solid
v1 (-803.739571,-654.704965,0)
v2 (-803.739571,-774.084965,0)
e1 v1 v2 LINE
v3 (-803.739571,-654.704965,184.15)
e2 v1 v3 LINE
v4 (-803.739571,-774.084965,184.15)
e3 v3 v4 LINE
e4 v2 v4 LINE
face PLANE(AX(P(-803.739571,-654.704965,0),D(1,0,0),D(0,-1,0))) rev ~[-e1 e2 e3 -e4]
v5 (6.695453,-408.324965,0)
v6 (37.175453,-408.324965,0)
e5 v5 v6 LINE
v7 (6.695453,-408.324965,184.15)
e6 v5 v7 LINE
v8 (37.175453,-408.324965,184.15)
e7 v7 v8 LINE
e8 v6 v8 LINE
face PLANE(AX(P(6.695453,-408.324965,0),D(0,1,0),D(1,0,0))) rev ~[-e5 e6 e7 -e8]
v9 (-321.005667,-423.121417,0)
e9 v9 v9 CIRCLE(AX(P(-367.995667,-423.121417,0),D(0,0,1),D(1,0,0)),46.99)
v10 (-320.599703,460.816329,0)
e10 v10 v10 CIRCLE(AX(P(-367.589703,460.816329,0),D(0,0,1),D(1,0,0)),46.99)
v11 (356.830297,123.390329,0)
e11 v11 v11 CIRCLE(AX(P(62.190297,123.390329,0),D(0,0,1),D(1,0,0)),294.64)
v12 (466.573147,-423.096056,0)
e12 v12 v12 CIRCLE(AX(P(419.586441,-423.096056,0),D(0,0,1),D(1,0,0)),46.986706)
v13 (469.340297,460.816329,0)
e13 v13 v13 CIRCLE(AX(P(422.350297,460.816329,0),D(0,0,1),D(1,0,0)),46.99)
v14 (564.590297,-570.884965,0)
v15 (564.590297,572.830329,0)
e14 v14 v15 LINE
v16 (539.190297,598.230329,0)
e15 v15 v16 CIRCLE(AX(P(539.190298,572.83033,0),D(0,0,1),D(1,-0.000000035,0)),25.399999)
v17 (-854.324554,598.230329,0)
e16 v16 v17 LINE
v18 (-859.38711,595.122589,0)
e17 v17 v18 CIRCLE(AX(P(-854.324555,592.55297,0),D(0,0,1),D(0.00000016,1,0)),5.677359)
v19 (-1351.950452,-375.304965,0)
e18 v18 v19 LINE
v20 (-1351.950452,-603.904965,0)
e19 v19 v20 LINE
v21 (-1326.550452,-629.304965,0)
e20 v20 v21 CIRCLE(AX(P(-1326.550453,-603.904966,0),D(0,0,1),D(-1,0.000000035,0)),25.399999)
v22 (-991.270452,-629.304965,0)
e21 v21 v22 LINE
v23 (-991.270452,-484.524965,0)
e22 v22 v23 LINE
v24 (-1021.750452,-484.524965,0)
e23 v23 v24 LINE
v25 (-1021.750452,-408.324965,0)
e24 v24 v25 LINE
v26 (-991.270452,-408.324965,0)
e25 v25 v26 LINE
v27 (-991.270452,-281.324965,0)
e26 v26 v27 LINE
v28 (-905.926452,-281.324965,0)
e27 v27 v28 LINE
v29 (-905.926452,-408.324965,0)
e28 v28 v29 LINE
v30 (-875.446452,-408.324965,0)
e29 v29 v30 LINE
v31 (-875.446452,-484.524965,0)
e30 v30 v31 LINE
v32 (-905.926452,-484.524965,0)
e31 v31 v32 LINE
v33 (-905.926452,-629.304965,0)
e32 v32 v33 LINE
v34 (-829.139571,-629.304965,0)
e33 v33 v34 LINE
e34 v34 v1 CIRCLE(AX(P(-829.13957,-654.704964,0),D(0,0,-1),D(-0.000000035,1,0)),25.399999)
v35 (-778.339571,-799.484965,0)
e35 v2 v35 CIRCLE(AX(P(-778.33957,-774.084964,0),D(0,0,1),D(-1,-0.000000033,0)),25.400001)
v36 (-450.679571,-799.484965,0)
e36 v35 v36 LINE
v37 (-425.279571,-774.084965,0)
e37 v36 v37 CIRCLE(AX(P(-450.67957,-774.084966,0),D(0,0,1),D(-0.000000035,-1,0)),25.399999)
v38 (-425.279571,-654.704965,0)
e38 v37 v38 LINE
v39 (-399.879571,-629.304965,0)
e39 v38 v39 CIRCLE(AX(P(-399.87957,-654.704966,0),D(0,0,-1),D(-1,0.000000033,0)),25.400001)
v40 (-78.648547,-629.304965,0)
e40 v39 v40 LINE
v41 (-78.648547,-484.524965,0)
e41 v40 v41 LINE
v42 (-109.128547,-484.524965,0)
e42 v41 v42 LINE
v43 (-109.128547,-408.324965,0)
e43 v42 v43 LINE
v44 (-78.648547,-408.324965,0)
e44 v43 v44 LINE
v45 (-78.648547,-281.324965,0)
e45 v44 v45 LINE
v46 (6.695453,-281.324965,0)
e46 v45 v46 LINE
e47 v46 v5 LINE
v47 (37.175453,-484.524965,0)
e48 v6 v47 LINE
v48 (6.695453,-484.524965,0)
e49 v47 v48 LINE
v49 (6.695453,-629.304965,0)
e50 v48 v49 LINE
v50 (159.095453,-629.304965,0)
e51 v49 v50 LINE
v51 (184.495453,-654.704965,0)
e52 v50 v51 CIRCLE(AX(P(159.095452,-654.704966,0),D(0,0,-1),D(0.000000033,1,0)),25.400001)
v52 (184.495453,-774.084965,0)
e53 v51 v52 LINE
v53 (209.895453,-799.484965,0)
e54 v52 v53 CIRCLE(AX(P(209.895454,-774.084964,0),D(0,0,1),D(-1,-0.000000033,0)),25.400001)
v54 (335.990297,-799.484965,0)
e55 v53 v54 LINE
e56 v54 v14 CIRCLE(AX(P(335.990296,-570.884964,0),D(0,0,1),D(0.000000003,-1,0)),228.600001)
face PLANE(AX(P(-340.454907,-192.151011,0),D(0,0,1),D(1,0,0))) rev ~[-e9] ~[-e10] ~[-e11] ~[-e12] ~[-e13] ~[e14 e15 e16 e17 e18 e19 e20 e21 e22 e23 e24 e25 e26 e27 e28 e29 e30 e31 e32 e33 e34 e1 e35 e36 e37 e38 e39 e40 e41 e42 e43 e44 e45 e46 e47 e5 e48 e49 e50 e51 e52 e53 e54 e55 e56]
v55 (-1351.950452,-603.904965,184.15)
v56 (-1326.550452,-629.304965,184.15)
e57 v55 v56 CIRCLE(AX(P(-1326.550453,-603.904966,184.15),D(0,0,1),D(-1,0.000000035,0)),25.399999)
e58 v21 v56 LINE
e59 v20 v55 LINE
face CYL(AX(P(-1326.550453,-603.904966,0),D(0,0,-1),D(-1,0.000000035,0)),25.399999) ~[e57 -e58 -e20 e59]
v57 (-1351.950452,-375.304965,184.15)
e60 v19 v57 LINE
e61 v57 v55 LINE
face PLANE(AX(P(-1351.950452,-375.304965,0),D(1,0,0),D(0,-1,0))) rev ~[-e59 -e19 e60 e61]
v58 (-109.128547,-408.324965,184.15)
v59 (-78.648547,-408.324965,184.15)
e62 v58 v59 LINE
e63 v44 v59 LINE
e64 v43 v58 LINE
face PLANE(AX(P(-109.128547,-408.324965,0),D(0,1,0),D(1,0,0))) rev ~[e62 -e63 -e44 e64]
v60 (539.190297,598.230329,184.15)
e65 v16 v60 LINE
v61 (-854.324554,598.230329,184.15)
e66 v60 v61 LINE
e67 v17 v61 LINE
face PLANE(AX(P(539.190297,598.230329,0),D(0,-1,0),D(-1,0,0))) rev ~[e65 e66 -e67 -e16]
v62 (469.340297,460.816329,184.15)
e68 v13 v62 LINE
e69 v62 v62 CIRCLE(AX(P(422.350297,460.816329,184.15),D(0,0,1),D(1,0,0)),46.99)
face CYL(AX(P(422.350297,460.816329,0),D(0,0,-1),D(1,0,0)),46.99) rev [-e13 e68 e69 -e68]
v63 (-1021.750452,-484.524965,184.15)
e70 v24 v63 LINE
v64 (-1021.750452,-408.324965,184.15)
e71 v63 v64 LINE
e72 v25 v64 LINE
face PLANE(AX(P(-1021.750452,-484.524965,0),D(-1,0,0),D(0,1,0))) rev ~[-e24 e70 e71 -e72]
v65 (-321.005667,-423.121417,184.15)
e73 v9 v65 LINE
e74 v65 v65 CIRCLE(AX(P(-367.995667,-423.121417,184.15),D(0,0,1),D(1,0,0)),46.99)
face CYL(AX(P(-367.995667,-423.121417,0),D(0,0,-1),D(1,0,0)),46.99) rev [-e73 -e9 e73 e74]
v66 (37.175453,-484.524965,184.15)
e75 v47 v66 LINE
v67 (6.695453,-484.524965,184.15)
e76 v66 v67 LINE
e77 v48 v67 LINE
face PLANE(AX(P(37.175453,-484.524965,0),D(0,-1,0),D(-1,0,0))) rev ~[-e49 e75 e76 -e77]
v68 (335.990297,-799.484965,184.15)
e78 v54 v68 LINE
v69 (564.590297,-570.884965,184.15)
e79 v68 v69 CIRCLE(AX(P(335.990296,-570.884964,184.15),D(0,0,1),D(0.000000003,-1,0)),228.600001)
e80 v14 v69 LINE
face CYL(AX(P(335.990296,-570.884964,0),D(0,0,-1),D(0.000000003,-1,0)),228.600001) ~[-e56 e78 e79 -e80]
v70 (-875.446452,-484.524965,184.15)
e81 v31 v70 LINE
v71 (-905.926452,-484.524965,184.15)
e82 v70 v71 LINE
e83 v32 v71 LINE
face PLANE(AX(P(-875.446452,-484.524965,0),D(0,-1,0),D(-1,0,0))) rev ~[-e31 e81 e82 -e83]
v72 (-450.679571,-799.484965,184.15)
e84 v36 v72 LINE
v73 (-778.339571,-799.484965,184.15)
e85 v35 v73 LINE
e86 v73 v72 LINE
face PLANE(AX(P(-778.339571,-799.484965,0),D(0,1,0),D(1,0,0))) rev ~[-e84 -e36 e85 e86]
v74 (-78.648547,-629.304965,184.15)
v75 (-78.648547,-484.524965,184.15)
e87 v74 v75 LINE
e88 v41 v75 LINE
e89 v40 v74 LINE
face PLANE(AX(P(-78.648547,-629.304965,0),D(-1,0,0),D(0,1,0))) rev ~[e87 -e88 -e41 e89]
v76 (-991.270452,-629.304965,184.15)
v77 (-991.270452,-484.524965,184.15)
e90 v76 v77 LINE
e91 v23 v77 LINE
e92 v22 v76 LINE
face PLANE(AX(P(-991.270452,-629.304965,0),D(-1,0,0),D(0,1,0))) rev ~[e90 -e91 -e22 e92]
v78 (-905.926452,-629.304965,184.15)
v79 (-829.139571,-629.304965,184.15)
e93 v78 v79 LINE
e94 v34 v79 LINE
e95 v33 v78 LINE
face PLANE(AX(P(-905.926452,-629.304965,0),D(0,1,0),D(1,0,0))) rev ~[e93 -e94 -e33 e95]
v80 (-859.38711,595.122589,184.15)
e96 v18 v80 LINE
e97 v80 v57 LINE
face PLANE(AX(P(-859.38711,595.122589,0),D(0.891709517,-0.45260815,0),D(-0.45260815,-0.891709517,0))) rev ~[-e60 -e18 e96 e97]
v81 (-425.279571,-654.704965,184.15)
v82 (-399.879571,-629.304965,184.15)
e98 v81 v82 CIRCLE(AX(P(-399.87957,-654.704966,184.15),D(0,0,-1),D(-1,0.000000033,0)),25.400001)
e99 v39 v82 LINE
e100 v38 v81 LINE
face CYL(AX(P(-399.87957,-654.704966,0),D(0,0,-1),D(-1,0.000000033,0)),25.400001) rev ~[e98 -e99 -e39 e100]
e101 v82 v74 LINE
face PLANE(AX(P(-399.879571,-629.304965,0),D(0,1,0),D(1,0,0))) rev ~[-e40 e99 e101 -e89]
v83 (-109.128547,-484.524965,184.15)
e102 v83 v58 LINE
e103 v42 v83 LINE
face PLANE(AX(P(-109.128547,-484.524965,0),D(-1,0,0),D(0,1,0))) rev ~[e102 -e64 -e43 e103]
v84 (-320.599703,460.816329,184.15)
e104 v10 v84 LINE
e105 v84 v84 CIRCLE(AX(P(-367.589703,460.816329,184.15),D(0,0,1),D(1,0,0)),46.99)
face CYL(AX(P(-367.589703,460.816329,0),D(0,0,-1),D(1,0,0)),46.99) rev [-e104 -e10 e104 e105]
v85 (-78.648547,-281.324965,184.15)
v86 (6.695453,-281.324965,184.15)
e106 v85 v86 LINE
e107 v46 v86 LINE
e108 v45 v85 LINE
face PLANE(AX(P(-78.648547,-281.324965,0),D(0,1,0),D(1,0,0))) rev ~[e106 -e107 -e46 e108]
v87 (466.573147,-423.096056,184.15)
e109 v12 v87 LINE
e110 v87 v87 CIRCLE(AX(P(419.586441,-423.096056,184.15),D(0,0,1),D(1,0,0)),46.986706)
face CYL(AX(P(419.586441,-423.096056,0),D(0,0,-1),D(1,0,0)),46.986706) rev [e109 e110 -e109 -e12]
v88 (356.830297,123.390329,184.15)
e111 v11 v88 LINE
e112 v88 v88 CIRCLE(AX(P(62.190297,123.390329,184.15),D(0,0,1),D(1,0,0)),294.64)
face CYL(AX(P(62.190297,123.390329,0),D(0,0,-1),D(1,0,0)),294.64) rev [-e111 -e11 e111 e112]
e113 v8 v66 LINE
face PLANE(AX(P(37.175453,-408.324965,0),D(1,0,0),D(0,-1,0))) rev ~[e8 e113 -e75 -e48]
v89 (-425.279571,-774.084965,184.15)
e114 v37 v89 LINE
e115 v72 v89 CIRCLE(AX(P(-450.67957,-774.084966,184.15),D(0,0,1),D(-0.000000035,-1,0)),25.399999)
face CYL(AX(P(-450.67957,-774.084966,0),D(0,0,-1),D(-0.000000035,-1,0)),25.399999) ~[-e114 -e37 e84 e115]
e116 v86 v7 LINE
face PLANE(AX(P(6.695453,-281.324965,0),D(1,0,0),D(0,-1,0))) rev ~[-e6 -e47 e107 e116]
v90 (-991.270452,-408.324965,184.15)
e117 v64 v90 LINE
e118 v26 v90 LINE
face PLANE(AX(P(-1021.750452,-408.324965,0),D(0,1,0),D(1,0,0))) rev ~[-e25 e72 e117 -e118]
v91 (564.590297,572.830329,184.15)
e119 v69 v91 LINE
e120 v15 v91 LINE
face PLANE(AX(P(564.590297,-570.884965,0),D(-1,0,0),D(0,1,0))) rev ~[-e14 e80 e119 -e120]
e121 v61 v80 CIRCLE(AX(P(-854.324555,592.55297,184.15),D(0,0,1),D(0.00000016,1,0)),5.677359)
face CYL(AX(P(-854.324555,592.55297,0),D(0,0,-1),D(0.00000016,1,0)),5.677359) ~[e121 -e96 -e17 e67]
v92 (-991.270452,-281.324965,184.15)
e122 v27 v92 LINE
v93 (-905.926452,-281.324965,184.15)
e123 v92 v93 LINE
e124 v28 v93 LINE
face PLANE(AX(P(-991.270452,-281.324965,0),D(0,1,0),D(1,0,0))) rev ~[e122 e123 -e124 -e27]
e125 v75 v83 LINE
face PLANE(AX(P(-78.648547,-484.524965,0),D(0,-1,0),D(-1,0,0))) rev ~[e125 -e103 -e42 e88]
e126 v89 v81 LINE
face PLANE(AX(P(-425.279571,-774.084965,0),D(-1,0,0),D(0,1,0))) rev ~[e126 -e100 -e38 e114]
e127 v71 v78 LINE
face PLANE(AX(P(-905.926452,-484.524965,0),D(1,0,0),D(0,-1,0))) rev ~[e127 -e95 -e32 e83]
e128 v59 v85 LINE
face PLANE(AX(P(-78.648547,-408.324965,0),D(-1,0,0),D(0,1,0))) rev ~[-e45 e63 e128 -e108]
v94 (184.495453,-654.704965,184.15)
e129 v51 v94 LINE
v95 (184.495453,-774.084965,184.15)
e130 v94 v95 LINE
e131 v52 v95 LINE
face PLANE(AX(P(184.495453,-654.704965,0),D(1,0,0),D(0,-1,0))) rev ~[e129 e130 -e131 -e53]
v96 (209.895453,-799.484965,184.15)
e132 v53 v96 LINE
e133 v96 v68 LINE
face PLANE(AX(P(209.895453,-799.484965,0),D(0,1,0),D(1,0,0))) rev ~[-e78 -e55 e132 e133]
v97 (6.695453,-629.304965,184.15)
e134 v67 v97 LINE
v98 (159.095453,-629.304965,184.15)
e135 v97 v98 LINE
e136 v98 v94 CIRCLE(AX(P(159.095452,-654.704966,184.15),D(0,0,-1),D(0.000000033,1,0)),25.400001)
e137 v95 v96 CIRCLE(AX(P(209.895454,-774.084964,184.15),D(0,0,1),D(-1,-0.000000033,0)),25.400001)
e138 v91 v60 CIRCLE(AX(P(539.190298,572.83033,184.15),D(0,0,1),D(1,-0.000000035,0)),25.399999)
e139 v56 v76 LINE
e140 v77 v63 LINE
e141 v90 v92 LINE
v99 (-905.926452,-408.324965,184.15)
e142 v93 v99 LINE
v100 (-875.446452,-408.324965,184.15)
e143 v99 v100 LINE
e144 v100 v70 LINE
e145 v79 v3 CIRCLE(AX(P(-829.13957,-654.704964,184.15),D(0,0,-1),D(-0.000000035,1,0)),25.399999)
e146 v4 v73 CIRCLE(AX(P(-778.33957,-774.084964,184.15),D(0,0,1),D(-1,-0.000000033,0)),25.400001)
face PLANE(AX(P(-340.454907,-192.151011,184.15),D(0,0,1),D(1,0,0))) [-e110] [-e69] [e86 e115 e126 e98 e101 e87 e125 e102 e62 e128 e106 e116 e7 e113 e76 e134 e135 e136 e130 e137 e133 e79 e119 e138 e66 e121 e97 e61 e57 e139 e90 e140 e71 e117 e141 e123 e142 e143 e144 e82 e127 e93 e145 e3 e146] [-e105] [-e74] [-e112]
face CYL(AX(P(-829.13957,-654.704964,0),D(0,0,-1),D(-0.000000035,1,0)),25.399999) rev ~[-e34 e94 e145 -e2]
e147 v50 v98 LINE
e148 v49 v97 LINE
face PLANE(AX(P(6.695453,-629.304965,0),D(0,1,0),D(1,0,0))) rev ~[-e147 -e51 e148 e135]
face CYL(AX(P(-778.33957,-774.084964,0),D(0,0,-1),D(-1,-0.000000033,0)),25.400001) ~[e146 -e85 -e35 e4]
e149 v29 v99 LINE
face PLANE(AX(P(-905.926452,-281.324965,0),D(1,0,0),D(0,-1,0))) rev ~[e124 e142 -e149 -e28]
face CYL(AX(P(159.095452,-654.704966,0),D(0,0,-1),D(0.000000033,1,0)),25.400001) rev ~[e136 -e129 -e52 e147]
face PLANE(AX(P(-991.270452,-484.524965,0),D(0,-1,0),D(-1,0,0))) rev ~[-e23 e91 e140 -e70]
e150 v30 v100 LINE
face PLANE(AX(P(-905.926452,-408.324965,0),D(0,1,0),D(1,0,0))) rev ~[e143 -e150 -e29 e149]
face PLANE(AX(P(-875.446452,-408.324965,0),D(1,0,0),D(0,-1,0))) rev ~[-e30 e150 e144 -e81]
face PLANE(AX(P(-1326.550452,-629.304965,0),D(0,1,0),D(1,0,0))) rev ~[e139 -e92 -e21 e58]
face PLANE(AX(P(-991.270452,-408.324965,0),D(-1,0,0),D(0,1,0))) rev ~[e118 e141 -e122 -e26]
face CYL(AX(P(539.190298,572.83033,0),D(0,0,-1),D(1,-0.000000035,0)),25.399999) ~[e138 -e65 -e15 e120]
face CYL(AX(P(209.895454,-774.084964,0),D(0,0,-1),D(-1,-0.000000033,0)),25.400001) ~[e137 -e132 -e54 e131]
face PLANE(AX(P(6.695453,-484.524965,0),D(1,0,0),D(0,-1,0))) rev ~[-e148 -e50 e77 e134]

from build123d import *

# Parameters (mm, degrees)
F0_R     = 46.99
F0_R_2   = 46.986706
F0_R_3   = 294.64
F1_DEPTH = 184.15


with BuildPart() as f1:
    # F0 (on Top) → F1 (new body)
    with BuildSketch(Plane.XY):
        with BuildLine():
            ThreePointArc((564.590297, 572.830329), (557.150809, 590.790842), (539.190297, 598.230329))
            Line((539.190297, 598.230329), (-854.324554, 598.230329))
            ThreePointArc((-854.324554, 598.230329), (-857.294719, 597.391413), (-859.38711, 595.122589))
            Line((-859.38711, 595.122589), (-1351.950452, -375.304965))
            Line((-1351.950452, -375.304965), (-1351.950452, -603.904965))
            ThreePointArc((-1351.950452, -603.904965), (-1344.510965, -621.865477), (-1326.550452, -629.304965))
            Line((-1326.550452, -629.304965), (-991.270452, -629.304965))
            Line((-991.270452, -629.304965), (-991.270452, -484.524965))
            Line((-991.270452, -484.524965), (-1021.750452, -484.524965))
            Line((-1021.750452, -484.524965), (-1021.750452, -408.324965))
            Line((-1021.750452, -408.324965), (-991.270452, -408.324965))
            Line((-991.270452, -408.324965), (-991.270452, -281.324965))
            Line((-991.270452, -281.324965), (-905.926452, -281.324965))
            Line((-905.926452, -281.324965), (-905.926452, -408.324965))
            Line((-905.926452, -408.324965), (-875.446452, -408.324965))
            Line((-875.446452, -408.324965), (-875.446452, -484.524965))
            Line((-875.446452, -484.524965), (-905.926452, -484.524965))
            Line((-905.926452, -484.524965), (-905.926452, -629.304965))
            Line((-905.926452, -629.304965), (-829.139571, -629.304965))
            ThreePointArc((-829.139571, -629.304965), (-811.179058, -636.744453), (-803.739571, -654.704965))
            Line((-803.739571, -654.704965), (-803.739571, -774.084965))
            ThreePointArc((-803.739571, -774.084965), (-796.300083, -792.045477), (-778.339571, -799.484965))
            Line((-778.339571, -799.484965), (-450.679571, -799.484965))
            ThreePointArc((-450.679571, -799.484965), (-432.719058, -792.045477), (-425.279571, -774.084965))
            Line((-425.279571, -774.084965), (-425.279571, -654.704965))
            ThreePointArc((-425.279571, -654.704965), (-417.840083, -636.744453), (-399.879571, -629.304965))
            Line((-399.879571, -629.304965), (-78.648547, -629.304965))
            Line((-78.648547, -629.304965), (-78.648547, -484.524965))
            Line((-78.648547, -484.524965), (-109.128547, -484.524965))
            Line((-109.128547, -484.524965), (-109.128547, -408.324965))
            Line((-109.128547, -408.324965), (-78.648547, -408.324965))
            Line((-78.648547, -408.324965), (-78.648547, -281.324965))
            Line((-78.648547, -281.324965), (6.695453, -281.324965))
            Line((6.695453, -281.324965), (6.695453, -408.324965))
            Line((6.695453, -408.324965), (37.175453, -408.324965))
            Line((37.175453, -408.324965), (37.175453, -484.524965))
            Line((37.175453, -484.524965), (6.695453, -484.524965))
            Line((6.695453, -484.524965), (6.695453, -629.304965))
            Line((6.695453, -629.304965), (159.095453, -629.304965))
            ThreePointArc((159.095453, -629.304965), (177.055965, -636.744453), (184.495453, -654.704965))
            Line((184.495453, -654.704965), (184.495453, -774.084965))
            ThreePointArc((184.495453, -774.084965), (191.934941, -792.045477), (209.895453, -799.484965))
            Line((209.895453, -799.484965), (335.990297, -799.484965))
            ThreePointArc((335.990297, -799.484965), (497.634907, -732.529575), (564.590297, -570.884965))
            Line((564.590297, -570.884965), (564.590297, 572.830329))
        make_face()
        with Locations((-367.995667, -423.121417)):
            Circle(F0_R, mode=Mode.SUBTRACT)
        with Locations((419.586441, -423.096056)):
            Circle(F0_R_2, mode=Mode.SUBTRACT)
        with Locations((62.190297, 123.390329)):
            Circle(F0_R_3, mode=Mode.SUBTRACT)
        with Locations((-367.589703, 460.816329)):
            Circle(F0_R, mode=Mode.SUBTRACT)
        with Locations((422.350297, 460.816329)):
            Circle(F0_R, mode=Mode.SUBTRACT)
    extrude(amount=F1_DEPTH)


solid = f1.part
